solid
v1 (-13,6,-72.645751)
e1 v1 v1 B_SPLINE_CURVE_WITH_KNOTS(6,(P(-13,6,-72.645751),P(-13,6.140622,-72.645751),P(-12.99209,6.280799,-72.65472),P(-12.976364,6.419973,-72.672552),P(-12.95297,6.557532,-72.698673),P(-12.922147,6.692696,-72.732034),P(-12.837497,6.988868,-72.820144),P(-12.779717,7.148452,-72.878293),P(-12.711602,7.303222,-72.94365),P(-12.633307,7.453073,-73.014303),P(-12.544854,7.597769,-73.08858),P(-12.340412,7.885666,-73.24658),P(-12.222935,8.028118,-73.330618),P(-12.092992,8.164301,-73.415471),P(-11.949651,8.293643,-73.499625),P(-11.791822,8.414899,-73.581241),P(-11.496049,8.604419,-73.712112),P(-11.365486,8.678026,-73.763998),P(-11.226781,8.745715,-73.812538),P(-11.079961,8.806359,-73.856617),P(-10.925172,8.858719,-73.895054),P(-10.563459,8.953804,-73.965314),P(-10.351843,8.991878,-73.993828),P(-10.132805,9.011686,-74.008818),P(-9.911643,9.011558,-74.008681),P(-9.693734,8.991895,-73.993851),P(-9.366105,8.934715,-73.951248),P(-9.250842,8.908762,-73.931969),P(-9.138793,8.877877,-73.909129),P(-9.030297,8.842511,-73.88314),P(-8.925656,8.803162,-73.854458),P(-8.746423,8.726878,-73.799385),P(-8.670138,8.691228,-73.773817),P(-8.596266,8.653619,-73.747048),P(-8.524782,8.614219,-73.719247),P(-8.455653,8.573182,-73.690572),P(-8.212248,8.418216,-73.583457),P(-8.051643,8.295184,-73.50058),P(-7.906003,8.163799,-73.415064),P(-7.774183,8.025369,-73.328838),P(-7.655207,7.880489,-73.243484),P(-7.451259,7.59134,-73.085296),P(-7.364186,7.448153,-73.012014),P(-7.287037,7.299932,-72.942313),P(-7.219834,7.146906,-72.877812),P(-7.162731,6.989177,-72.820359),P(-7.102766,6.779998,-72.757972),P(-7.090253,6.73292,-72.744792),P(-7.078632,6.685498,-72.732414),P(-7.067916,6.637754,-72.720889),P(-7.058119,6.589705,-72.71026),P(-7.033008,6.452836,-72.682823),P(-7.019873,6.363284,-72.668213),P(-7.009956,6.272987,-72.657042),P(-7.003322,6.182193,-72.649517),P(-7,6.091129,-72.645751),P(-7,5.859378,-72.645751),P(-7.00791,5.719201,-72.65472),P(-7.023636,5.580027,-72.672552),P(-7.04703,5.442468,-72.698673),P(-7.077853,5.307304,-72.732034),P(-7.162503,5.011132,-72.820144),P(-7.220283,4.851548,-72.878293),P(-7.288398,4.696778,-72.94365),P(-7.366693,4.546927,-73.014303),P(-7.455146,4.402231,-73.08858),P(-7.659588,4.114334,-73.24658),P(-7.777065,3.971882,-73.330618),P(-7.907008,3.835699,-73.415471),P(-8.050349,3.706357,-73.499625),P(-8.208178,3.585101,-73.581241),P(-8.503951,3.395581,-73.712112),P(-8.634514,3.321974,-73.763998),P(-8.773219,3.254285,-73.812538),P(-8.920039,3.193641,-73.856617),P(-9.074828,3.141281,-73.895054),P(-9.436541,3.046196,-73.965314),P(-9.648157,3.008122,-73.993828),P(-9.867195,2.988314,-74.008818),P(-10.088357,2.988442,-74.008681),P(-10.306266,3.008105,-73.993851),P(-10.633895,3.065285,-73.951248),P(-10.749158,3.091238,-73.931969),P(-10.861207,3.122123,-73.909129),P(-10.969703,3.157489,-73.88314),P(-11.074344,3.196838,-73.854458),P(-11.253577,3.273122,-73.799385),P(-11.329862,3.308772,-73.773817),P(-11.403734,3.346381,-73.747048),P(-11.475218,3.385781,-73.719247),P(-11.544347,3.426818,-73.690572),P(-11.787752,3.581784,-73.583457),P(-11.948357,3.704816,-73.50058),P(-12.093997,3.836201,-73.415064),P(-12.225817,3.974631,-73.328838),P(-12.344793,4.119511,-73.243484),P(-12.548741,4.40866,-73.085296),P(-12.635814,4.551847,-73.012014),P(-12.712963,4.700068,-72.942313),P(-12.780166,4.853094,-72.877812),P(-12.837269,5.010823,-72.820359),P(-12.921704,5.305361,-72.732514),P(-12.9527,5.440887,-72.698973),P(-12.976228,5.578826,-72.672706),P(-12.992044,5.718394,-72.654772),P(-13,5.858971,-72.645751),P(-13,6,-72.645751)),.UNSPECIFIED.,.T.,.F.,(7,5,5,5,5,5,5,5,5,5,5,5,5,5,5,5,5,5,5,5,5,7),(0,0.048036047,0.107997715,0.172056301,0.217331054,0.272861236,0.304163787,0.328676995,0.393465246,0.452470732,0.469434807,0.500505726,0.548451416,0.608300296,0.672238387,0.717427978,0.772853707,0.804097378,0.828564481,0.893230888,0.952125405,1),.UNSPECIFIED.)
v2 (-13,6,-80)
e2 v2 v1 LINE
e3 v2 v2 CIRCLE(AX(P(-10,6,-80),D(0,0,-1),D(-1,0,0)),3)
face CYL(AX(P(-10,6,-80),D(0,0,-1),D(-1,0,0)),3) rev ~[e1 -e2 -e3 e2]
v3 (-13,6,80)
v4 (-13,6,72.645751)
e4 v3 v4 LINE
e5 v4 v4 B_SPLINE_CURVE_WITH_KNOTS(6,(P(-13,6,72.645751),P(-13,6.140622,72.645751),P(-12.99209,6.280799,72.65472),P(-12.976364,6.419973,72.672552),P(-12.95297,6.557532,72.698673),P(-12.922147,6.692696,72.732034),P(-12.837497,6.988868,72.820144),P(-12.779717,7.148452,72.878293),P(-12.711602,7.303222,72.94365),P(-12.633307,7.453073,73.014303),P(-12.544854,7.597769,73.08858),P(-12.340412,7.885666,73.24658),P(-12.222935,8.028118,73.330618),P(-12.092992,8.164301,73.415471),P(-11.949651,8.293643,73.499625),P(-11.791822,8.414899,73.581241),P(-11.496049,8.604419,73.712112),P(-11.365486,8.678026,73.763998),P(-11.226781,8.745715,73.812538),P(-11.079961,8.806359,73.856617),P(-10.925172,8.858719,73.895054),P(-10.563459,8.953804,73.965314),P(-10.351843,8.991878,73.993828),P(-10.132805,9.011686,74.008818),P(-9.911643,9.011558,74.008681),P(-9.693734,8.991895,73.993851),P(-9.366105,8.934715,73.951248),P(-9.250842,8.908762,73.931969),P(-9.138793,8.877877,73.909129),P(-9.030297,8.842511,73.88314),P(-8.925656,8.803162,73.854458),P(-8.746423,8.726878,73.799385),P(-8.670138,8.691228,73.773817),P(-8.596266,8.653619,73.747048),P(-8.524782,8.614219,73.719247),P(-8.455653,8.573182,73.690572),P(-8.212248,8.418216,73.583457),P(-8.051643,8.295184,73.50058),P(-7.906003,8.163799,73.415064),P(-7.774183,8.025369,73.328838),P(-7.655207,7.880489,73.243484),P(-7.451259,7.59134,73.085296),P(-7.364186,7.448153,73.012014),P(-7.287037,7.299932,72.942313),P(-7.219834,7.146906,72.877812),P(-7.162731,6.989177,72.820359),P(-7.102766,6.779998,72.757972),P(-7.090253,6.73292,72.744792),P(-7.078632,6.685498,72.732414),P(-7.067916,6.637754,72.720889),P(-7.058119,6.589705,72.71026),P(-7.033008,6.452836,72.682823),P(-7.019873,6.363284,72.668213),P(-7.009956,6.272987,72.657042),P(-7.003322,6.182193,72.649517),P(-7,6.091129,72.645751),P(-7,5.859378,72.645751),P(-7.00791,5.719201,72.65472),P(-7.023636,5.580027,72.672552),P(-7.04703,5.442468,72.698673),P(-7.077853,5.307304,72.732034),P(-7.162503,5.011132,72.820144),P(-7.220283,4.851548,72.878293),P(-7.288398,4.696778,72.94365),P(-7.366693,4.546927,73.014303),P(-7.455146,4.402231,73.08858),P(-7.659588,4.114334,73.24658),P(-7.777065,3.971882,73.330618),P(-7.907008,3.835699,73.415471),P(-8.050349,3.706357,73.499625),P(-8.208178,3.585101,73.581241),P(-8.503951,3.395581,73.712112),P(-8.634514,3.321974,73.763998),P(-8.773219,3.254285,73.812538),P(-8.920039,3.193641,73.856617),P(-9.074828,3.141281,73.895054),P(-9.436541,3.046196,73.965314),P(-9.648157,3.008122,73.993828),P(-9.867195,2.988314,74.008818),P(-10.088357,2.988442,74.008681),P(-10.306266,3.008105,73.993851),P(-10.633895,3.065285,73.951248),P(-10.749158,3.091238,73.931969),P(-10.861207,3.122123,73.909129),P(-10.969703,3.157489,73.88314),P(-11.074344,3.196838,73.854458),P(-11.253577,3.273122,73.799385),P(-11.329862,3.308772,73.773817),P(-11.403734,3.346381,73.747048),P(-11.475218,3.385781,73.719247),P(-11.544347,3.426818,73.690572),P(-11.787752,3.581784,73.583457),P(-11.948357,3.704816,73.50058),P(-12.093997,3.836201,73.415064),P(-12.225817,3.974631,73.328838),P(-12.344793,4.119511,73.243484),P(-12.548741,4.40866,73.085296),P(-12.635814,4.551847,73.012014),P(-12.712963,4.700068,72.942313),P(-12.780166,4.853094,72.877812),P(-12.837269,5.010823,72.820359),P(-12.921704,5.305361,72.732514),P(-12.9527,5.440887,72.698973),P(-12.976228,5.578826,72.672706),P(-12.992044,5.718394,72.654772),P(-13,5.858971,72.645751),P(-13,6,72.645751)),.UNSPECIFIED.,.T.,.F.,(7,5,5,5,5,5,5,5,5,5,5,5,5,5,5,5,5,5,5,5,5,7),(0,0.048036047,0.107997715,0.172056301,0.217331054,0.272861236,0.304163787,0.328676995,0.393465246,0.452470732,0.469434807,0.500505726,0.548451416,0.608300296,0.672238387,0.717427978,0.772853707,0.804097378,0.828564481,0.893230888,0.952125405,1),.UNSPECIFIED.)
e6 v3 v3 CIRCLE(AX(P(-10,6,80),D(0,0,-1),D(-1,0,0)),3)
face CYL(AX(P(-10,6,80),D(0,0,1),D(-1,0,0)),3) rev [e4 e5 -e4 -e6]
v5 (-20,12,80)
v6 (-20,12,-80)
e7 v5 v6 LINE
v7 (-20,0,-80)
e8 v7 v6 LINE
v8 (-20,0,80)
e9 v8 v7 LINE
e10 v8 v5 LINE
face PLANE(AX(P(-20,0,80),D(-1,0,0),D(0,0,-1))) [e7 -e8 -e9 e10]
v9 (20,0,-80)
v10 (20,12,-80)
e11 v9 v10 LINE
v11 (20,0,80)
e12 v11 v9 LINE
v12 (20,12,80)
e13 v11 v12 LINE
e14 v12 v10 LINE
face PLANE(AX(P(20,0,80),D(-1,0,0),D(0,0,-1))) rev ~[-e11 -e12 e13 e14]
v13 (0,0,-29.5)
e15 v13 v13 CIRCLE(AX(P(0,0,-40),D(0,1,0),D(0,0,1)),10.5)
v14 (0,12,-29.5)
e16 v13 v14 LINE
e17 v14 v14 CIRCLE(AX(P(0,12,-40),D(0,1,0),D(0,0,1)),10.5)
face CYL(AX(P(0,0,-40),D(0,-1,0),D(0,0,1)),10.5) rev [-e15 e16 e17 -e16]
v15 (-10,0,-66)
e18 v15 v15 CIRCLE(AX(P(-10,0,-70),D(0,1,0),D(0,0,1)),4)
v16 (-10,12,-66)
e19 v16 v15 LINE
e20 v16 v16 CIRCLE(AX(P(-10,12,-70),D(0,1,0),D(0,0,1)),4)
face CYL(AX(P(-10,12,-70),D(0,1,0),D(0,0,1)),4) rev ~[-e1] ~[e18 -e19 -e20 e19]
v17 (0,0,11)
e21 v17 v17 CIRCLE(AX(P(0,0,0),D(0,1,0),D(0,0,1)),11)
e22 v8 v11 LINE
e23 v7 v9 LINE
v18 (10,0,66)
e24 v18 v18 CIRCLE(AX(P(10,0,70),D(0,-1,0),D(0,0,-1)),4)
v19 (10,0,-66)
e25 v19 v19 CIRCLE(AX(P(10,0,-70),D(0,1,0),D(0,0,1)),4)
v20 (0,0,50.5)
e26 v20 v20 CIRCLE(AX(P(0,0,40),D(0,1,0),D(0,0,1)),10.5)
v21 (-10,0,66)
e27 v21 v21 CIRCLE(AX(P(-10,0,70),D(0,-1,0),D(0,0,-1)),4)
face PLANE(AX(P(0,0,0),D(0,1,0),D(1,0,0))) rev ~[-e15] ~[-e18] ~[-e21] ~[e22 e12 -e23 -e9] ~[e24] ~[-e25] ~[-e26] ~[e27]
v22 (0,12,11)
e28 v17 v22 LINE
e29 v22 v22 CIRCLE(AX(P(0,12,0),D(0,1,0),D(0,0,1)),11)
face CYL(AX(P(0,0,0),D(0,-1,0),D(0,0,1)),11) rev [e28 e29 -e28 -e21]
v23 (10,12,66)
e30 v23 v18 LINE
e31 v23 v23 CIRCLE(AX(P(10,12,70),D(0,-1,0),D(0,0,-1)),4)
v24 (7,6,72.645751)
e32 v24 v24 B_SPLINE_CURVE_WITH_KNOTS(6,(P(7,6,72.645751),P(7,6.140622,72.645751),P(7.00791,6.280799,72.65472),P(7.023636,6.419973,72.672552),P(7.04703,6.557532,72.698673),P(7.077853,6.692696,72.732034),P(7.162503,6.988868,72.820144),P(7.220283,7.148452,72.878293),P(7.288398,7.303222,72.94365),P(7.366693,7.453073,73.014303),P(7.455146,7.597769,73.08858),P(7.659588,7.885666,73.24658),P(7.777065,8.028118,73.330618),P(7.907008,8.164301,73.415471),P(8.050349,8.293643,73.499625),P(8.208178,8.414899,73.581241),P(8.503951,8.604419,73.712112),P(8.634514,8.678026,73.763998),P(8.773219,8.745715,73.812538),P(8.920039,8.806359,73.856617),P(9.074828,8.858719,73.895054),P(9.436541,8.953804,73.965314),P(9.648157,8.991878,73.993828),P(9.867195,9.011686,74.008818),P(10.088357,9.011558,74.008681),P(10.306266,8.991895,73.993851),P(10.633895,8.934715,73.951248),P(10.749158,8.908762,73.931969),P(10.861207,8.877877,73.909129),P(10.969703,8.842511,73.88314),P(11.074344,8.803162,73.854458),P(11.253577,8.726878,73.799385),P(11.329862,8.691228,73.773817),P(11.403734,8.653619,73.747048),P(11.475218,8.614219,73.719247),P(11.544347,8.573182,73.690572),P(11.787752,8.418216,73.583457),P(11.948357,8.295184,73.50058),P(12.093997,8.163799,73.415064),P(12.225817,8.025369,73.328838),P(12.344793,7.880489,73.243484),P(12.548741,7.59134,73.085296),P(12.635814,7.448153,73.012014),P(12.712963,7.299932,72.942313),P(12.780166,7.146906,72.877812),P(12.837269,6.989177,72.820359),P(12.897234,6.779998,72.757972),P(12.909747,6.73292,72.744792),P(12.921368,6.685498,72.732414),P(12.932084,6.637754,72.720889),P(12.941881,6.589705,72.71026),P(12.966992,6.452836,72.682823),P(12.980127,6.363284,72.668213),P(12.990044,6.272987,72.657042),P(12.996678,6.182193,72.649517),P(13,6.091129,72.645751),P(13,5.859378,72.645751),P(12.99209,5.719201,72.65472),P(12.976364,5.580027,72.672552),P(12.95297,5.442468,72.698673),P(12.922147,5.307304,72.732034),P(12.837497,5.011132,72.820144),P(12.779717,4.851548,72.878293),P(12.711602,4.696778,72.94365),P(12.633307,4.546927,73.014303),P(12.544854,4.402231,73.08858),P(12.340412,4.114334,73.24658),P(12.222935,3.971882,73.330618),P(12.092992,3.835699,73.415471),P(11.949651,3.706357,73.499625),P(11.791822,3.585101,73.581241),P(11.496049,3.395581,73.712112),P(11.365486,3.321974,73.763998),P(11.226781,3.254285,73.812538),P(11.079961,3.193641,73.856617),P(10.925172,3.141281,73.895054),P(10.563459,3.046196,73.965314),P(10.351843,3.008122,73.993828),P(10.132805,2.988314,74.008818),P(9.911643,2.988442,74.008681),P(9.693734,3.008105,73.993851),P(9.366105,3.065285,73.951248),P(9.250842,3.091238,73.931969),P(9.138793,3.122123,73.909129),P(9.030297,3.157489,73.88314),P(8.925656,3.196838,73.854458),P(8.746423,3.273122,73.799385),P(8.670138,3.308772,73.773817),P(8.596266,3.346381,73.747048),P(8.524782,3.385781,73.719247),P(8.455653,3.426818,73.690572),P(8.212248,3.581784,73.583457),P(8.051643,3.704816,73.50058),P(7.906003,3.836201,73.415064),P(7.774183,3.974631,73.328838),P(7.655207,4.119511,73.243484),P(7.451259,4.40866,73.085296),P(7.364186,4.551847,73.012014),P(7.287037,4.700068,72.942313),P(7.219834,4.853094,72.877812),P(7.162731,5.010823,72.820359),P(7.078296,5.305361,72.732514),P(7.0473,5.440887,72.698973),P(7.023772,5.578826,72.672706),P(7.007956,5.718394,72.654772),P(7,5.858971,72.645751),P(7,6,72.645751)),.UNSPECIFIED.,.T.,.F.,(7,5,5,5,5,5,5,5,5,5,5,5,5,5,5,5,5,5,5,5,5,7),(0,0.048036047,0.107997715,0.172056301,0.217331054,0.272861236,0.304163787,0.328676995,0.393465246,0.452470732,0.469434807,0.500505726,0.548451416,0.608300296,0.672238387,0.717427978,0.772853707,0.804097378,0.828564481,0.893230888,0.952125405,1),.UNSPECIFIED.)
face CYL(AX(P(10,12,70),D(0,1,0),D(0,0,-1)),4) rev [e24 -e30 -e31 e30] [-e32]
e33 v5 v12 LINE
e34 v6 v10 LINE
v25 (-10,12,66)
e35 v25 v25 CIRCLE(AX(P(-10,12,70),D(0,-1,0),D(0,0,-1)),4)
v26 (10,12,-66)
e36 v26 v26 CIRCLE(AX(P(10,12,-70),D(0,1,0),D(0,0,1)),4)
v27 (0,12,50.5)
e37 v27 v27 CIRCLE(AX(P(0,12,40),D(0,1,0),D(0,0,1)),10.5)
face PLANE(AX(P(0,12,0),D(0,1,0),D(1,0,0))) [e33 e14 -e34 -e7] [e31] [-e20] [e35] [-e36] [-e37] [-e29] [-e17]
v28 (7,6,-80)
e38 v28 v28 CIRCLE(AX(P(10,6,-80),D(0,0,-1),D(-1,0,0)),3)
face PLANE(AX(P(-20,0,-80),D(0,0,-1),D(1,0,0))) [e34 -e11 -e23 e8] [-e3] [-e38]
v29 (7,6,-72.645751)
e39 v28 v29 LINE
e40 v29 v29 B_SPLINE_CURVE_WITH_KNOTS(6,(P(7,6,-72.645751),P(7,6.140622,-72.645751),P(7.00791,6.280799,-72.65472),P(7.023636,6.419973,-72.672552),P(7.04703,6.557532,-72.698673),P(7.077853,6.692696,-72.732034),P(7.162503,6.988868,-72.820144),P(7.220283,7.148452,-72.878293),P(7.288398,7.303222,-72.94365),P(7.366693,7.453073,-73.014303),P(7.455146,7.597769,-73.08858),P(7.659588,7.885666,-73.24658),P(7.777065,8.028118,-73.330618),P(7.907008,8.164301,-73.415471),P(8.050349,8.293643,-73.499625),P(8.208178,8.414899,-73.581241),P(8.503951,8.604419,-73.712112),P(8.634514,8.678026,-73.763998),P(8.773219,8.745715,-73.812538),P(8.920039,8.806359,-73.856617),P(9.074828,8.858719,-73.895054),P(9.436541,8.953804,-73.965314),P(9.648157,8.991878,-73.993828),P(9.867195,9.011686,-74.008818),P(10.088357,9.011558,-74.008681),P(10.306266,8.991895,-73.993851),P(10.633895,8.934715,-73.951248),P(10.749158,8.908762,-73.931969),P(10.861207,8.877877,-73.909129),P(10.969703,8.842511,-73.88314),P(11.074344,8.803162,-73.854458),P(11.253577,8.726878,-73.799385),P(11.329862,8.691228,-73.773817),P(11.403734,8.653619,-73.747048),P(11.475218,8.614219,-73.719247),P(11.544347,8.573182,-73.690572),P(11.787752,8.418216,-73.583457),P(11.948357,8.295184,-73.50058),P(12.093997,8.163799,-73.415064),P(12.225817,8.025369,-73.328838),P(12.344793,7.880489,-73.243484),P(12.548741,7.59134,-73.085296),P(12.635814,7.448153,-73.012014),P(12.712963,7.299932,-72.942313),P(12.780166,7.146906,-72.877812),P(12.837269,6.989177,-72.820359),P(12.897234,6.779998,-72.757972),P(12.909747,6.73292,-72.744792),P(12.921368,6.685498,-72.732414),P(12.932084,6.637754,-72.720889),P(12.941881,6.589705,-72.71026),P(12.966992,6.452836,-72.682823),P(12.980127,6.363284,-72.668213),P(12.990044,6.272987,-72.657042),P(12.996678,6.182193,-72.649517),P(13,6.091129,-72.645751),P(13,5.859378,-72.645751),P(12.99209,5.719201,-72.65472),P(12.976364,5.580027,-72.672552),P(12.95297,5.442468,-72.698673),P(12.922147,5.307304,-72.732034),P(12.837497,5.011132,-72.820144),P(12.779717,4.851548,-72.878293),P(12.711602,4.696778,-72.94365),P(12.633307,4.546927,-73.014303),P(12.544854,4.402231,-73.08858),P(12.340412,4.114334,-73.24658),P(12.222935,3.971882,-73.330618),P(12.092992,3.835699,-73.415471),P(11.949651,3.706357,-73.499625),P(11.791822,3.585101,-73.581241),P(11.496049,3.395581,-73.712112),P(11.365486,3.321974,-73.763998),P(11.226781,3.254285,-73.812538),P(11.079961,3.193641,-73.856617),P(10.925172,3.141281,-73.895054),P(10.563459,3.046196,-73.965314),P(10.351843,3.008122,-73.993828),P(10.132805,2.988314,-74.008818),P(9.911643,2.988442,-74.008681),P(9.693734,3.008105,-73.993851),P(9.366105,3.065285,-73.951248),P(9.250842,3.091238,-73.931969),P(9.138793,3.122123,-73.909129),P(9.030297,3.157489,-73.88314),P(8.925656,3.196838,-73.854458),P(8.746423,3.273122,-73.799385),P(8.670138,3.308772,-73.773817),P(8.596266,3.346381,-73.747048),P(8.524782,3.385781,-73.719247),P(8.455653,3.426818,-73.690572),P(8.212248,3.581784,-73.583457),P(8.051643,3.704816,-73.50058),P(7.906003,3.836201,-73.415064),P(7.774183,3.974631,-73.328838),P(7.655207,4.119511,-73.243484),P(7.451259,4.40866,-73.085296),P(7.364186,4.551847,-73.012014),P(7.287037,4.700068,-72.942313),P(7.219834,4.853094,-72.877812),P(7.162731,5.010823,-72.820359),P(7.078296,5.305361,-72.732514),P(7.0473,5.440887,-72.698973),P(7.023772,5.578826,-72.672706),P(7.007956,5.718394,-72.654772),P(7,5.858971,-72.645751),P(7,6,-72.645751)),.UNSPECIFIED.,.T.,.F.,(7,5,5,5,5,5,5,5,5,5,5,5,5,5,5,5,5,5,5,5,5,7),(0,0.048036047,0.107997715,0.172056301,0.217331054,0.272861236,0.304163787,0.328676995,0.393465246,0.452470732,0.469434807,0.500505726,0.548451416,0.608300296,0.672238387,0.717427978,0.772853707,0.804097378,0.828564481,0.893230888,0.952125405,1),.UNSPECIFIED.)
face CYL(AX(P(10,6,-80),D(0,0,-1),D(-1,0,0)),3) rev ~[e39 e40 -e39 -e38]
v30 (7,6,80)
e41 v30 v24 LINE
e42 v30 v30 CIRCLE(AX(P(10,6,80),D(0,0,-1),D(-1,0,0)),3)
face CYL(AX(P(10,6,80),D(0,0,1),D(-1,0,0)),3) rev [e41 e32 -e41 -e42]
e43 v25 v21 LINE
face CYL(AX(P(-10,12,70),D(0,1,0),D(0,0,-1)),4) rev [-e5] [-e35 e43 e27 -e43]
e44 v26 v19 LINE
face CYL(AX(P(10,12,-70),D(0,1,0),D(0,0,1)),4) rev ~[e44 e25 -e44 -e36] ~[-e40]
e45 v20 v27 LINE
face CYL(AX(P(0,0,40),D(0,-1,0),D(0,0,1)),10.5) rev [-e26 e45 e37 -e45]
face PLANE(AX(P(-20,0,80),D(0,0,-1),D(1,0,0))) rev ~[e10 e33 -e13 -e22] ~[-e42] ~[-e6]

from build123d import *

# Parameters (mm, degrees)
SKETCH1_W           = 40
SKETCH1_H           = 160
SKETCH1_R           = 11
SKETCH1_R_2         = 10.5
BOSS_EXTRUDE1_DEPTH = 12
CUT_EXTRUDE3_REACH  = 85.331
SKETCH4_R           = 4
CUT_EXTRUDE4_REACH  = 163.691
SKETCH5_R           = 3


with BuildPart() as part:
    # Sketch1 → Boss-Extrude1 (new body)
    with BuildSketch(Plane(origin=(0, 0, 0), x_dir=(1, 0, 0), z_dir=(0, 1, 0))):
        Rectangle(SKETCH1_W, SKETCH1_H)
        with Locations(Location((0, 0, 0), (0, 0, 270))):
            Circle(SKETCH1_R, mode=Mode.SUBTRACT)
        with Locations(Location((0, 40, 0), (0, 0, 270))):
            Circle(SKETCH1_R_2, mode=Mode.SUBTRACT)
        with Locations(Location((0, -40, 0), (0, 0, 270))):
            Circle(SKETCH1_R_2, mode=Mode.SUBTRACT)
    extrude(amount=BOSS_EXTRUDE1_DEPTH)

    # Sketch4 → Cut-Extrude3 (cut, up to next)
    with BuildSketch(Plane(origin=(0, 12, 0), x_dir=(1, 0, 0), z_dir=(0, 1, 0)), mode=Mode.PRIVATE) as cut_extrude3_sk1:
        with Locations(Location((-10, 70, 0), (0, 0, 270))):
            Circle(SKETCH4_R)
    cut_extrude3_tool1 = extrude(cut_extrude3_sk1.sketch, amount=-CUT_EXTRUDE3_REACH, mode=Mode.PRIVATE) & part.part
    # Sketch4 → Cut-Extrude3 (cut, up to next)
    with BuildSketch(Plane(origin=(0, 12, 0), x_dir=(1, 0, 0), z_dir=(0, 1, 0)), mode=Mode.PRIVATE) as cut_extrude3_sk2:
        with Locations(Location((10, 70, 0), (0, 0, 270))):
            Circle(SKETCH4_R)
    cut_extrude3_tool2 = extrude(cut_extrude3_sk2.sketch, amount=-CUT_EXTRUDE3_REACH, mode=Mode.PRIVATE) & part.part
    cut_extrude3_1 = cut_extrude3_tool1.solids().sort_by_distance((-10, 12, -70))[0]
    add(cut_extrude3_1, mode=Mode.SUBTRACT)
    cut_extrude3_2 = cut_extrude3_tool2.solids().sort_by_distance((10, 12, -70))[0]
    add(cut_extrude3_2, mode=Mode.SUBTRACT)
    cut_extrude3 = cut_extrude3_1 + cut_extrude3_2  # Cut-Extrude3 as one shape, for the pattern or mirror that repeats it

    # Sketch5 → Cut-Extrude4 (cut, up to next)
    with BuildSketch(Plane(origin=(0, 0, -80), x_dir=(-1, 0, 0), z_dir=(0, 0, -1)), mode=Mode.PRIVATE) as cut_extrude4_sk1:
        with Locations((10, 6)):
            Circle(SKETCH5_R)
    cut_extrude4_tool1 = extrude(cut_extrude4_sk1.sketch, amount=-CUT_EXTRUDE4_REACH, mode=Mode.PRIVATE) & part.part
    # Sketch5 → Cut-Extrude4 (cut, up to next)
    with BuildSketch(Plane(origin=(0, 0, -80), x_dir=(-1, 0, 0), z_dir=(0, 0, -1)), mode=Mode.PRIVATE) as cut_extrude4_sk2:
        with Locations((-10, 6)):
            Circle(SKETCH5_R)
    cut_extrude4_tool2 = extrude(cut_extrude4_sk2.sketch, amount=-CUT_EXTRUDE4_REACH, mode=Mode.PRIVATE) & part.part
    cut_extrude4_1 = cut_extrude4_tool1.solids().sort_by_distance((-10, 6, -80))[0]
    add(cut_extrude4_1, mode=Mode.SUBTRACT)
    cut_extrude4_2 = cut_extrude4_tool2.solids().sort_by_distance((10, 6, -80))[0]
    add(cut_extrude4_2, mode=Mode.SUBTRACT)
    cut_extrude4 = cut_extrude4_1 + cut_extrude4_2  # Cut-Extrude4 as one shape, for the pattern or mirror that repeats it

    # Mirror1: Cut-Extrude3, Cut-Extrude4 across plane
    add(cut_extrude3.mirror(Plane.XY), mode=Mode.SUBTRACT)
    add(cut_extrude4.mirror(Plane.XY), mode=Mode.SUBTRACT)


solid = part.part
